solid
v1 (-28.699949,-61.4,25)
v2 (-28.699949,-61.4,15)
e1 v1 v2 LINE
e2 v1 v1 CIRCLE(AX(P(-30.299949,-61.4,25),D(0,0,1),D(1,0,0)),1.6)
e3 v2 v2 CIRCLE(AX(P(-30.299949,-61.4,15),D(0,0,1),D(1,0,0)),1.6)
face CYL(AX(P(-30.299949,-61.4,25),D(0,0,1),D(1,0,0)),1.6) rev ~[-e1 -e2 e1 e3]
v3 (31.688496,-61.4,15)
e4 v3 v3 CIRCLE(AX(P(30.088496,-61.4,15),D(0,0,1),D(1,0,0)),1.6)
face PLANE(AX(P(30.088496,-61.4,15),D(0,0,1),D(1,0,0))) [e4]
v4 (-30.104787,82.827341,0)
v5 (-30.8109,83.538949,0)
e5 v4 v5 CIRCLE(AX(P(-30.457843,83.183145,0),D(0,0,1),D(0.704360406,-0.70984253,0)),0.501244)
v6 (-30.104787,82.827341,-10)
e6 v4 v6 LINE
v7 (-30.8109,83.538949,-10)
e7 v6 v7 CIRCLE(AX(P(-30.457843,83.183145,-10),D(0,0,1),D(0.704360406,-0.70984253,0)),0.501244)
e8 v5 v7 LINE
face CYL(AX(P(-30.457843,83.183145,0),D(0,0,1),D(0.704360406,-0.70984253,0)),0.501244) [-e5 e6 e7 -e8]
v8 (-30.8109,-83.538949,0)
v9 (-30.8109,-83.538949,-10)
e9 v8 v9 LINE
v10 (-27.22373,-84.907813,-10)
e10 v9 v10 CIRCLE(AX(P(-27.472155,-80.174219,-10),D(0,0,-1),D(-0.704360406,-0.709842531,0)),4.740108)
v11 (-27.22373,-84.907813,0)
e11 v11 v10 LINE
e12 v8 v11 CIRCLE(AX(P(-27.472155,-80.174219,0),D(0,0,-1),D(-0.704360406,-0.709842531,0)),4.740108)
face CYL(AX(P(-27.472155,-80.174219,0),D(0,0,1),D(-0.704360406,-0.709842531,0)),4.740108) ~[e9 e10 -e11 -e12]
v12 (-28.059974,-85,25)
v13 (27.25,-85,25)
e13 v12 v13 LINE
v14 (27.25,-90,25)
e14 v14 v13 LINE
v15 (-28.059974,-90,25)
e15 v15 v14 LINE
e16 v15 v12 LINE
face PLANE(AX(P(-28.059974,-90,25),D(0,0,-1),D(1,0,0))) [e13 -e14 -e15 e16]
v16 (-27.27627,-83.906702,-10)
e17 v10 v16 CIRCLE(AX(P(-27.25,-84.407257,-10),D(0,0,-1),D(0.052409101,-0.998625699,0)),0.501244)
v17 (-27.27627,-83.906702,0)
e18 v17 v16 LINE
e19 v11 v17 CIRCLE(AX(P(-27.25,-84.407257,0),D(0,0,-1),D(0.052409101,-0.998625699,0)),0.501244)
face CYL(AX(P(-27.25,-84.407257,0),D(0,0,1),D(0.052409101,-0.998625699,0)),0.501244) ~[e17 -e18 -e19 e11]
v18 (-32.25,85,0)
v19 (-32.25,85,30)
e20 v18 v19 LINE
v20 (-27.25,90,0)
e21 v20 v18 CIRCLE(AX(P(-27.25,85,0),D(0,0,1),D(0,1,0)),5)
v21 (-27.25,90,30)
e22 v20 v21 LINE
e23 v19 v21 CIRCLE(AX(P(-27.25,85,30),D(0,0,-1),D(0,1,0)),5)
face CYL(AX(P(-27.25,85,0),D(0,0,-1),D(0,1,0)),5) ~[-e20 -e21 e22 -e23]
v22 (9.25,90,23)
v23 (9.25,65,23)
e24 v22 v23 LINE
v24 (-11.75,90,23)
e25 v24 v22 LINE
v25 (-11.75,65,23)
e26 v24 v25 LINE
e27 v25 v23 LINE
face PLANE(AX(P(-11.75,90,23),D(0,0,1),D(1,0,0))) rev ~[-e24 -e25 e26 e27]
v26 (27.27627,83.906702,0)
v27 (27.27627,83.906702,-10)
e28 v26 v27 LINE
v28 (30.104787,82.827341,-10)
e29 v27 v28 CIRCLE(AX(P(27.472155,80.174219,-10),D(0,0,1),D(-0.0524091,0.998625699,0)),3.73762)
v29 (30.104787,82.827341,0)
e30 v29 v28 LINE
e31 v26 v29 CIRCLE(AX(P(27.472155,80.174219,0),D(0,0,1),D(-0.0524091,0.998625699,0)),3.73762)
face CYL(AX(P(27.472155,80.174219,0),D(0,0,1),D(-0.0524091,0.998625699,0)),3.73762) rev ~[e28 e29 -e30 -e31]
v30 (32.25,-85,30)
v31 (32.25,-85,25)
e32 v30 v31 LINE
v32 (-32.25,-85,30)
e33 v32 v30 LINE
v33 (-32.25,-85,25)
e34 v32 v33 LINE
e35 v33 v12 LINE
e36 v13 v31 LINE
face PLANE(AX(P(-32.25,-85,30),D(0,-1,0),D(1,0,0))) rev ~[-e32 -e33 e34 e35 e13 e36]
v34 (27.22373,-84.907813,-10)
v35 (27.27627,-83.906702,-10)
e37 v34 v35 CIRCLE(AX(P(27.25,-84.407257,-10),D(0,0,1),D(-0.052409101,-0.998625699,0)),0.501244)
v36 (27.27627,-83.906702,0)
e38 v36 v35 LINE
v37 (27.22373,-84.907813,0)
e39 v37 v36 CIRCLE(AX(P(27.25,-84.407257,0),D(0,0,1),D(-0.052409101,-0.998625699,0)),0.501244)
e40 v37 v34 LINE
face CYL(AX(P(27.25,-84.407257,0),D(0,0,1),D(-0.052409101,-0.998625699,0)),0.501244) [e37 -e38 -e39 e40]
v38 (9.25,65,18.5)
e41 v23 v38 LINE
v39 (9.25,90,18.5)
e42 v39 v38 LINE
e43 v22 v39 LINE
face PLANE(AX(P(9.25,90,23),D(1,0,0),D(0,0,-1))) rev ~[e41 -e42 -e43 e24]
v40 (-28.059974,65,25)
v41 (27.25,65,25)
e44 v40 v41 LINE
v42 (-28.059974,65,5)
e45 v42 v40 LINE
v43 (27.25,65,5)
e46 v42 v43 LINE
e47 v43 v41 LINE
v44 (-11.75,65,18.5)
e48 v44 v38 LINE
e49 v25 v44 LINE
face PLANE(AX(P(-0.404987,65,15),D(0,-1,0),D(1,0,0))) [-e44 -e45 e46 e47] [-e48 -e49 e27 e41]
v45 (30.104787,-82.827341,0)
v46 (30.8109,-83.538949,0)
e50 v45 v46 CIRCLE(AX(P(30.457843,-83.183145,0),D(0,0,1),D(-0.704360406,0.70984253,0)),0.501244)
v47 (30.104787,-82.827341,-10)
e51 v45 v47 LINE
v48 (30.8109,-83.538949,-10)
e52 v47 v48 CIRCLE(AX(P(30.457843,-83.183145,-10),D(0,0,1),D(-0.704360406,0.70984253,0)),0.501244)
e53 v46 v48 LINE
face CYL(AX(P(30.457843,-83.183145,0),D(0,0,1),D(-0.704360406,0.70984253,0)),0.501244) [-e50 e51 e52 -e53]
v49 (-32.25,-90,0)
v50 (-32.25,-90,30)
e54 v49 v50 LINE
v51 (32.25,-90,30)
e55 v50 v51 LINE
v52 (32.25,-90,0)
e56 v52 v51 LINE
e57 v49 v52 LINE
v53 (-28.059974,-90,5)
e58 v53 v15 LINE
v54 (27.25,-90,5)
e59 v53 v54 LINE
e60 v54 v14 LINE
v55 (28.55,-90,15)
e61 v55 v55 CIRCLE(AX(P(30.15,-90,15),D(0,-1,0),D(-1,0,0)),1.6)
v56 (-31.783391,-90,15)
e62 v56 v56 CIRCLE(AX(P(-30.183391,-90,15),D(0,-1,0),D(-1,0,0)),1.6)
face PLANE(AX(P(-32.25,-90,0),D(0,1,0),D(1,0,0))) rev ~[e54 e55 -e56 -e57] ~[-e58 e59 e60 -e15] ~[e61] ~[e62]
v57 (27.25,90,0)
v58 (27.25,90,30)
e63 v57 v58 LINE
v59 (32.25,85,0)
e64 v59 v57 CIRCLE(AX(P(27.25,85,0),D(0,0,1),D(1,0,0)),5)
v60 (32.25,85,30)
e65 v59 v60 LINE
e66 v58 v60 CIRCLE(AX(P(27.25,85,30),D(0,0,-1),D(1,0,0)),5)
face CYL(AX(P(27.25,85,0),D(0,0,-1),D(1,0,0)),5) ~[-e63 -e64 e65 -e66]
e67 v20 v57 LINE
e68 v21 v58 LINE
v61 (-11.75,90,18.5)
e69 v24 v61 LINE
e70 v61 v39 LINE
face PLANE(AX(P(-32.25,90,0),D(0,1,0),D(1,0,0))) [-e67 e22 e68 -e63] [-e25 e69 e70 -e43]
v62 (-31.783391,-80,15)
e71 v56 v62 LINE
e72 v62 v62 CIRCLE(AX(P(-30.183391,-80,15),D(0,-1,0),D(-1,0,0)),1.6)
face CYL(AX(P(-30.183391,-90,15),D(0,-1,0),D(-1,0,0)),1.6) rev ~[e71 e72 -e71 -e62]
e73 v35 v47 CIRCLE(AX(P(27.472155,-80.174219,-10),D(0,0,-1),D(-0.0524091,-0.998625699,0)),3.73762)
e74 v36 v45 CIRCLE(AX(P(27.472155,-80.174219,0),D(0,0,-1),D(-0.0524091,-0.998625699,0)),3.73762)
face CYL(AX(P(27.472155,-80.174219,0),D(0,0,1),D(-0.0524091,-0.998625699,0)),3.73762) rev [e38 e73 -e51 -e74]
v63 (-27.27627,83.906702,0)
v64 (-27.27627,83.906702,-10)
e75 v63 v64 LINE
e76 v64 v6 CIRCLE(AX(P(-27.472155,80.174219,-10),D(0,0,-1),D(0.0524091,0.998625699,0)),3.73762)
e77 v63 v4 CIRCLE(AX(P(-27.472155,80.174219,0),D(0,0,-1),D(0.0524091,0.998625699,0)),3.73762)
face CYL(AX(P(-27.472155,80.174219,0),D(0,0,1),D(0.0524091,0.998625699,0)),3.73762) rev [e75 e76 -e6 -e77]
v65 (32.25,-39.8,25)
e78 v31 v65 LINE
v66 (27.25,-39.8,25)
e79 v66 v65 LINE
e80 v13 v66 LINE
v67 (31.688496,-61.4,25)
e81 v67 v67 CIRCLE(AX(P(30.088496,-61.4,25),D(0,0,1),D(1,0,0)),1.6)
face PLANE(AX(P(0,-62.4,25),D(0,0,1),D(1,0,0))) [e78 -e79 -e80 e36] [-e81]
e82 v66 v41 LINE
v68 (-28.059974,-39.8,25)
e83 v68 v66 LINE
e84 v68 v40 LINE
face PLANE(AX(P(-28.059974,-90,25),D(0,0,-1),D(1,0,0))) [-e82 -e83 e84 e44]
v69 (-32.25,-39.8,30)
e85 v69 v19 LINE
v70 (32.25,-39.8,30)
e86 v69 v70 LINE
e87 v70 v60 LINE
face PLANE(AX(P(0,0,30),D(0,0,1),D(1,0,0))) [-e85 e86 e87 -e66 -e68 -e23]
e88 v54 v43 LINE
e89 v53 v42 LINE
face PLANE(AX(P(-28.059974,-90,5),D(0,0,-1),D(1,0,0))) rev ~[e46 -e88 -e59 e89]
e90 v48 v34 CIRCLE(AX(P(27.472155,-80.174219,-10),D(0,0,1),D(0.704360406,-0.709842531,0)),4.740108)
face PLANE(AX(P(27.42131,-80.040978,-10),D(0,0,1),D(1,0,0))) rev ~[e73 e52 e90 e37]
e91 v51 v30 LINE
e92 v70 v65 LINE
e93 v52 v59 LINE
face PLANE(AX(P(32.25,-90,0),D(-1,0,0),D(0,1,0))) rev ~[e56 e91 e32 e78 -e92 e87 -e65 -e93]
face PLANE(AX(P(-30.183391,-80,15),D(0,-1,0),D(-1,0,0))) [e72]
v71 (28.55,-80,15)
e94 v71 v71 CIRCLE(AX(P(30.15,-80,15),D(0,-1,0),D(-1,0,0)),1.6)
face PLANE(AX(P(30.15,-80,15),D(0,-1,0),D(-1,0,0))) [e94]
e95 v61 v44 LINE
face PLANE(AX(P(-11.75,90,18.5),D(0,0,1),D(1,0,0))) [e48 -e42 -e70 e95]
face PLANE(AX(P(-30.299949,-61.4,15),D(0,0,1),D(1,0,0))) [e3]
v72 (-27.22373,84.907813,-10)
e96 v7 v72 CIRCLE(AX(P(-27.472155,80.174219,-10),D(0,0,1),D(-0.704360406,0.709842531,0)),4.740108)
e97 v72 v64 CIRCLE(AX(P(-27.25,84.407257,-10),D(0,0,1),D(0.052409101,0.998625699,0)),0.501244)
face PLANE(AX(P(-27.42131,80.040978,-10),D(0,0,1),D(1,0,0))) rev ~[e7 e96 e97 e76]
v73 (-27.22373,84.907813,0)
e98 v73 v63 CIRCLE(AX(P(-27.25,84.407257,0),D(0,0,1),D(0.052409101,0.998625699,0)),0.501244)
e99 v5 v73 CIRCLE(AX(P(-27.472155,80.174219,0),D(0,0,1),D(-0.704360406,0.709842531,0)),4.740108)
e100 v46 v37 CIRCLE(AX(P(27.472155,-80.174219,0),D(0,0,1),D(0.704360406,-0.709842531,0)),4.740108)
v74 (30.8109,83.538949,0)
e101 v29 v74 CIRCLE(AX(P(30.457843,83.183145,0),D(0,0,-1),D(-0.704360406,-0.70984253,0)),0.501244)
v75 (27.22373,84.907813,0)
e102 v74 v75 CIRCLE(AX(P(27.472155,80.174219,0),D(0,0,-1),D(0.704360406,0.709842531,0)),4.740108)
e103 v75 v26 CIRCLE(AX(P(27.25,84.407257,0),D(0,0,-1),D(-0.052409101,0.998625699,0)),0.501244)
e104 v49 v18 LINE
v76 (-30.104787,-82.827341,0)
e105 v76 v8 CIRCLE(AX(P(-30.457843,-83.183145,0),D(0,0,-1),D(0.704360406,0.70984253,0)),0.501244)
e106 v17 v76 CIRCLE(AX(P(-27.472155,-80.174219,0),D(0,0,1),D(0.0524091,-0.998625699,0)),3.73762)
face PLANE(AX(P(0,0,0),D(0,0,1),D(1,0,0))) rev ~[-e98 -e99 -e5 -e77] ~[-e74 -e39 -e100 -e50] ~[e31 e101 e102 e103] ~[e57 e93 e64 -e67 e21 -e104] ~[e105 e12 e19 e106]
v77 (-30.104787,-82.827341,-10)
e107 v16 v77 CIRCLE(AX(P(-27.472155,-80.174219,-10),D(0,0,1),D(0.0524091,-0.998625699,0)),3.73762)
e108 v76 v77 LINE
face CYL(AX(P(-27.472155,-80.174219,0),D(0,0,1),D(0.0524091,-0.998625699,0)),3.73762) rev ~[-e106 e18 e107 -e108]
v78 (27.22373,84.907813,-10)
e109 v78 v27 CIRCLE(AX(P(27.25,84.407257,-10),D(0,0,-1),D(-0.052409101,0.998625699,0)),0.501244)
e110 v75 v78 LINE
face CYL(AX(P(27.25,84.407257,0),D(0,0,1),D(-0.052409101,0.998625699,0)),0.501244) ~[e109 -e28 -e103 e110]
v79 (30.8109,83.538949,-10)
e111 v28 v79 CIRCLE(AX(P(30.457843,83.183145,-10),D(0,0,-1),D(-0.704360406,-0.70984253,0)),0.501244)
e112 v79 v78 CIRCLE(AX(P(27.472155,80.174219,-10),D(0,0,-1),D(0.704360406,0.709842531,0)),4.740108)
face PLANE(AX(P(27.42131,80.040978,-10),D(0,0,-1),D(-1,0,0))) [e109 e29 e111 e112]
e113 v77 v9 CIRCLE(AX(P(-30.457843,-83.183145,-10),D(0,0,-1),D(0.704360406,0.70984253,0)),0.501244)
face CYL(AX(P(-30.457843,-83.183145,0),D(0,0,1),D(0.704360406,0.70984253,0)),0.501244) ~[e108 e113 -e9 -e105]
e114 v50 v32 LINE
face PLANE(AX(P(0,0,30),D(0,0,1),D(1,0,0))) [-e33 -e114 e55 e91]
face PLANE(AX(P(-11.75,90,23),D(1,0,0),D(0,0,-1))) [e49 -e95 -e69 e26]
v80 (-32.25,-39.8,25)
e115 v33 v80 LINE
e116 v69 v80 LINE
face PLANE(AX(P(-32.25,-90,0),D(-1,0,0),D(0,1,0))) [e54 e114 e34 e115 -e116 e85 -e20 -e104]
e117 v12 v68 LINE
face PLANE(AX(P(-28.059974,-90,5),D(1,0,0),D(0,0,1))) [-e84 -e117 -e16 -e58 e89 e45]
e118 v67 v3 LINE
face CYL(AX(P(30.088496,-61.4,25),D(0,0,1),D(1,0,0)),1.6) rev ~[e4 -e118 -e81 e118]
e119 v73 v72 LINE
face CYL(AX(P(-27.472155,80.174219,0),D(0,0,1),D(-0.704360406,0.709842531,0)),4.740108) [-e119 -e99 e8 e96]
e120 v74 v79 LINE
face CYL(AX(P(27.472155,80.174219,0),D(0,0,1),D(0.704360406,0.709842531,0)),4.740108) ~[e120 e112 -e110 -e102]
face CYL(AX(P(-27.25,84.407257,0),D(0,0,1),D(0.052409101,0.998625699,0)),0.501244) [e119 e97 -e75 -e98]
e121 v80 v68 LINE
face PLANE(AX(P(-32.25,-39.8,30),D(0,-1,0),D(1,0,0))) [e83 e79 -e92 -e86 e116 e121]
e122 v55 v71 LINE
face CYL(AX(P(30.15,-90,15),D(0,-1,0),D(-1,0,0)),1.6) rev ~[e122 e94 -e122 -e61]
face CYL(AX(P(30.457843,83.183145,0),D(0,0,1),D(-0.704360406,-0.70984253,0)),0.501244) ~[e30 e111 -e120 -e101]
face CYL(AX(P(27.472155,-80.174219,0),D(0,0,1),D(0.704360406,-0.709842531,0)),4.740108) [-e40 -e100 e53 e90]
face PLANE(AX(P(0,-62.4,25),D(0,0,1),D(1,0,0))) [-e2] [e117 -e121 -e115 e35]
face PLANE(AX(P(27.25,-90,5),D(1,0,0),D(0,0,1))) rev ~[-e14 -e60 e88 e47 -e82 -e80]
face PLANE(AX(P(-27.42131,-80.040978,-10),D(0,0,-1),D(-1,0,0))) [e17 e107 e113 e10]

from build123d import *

# Parameters (mm, degrees)
CROQUIS1_W              = 64.5
CROQUIS1_H              = 180
SALIENTE_EXTRUIR1_DEPTH = 30
CROQUIS2_W              = 55.309973817
CROQUIS2_H              = 20
CORTAR_EXTRUIR1_DEPTH   = 155
CORTAR_EXTRUIR2_DEPTH   = 155
CORTAR_EXTRUIR4_DEPTH   = 155
CROQUIS12_R             = 1.6
CORTAR_EXTRUIR8_DEPTH   = 10
SALIENTE_EXTRUIR2_DEPTH = 10
CROQUIS9_W              = 64.5
CROQUIS9_H              = 45.2
CORTAR_EXTRUIR10_DEPTH  = 5
CROQUIS15_R             = 1.6
CORTAR_EXTRUIR11_DEPTH  = 10
CORTAR_EXTRUIR12_REACH  = 187.311
CROQUIS18_W             = 21
CROQUIS18_H             = 4.5


with BuildPart() as part:
    # Croquis1 → Saliente-Extruir1 (new body)
    with BuildSketch(Plane.XY):
        Rectangle(CROQUIS1_W, CROQUIS1_H)
    extrude(amount=SALIENTE_EXTRUIR1_DEPTH)

    # Croquis2 → Cortar-Extruir1 (cut)
    with BuildSketch(Plane.XZ.offset(90)):
        with Locations((-0.404986909, 15)):
            Rectangle(CROQUIS2_W, CROQUIS2_H)
    extrude(amount=-CORTAR_EXTRUIR1_DEPTH, mode=Mode.SUBTRACT)

    # Croquis3 → Cortar-Extruir2 (cut)
    with BuildSketch(Plane(origin=(0, 0, 0), x_dir=(-1, 0, 0), z_dir=(0, 0, -1))):
        with BuildLine():
            Line((-27.25, 90), (-32.25, 90))
            Line((-32.25, 90), (-32.25, 85))
            ThreePointArc((-32.25, 85), (-30.785533906, 88.535533906), (-27.25, 90))
        make_face()
    extrude(amount=-CORTAR_EXTRUIR2_DEPTH, mode=Mode.SUBTRACT)

    # Croquis3<4> → Cortar-Extruir4 (cut)
    with BuildSketch(Plane(origin=(0, 0, 0), x_dir=(-1, 0, 0), z_dir=(0, 0, -1))):
        with BuildLine():
            Line((32.25, 90), (27.25, 90))
            ThreePointArc((27.25, 90), (30.785533906, 88.535533906), (32.25, 85))
            Line((32.25, 85), (32.25, 90))
        make_face()
    extrude(amount=-CORTAR_EXTRUIR4_DEPTH, mode=Mode.SUBTRACT)

    # Croquis12 → Cortar-Extruir8 (cut)
    with BuildSketch(Plane(origin=(0, -90, 0), x_dir=(-1, 0, 0), z_dir=(0, -1, 0))):
        with Locations((30.183391147, -15)):
            Circle(CROQUIS12_R)
        with Locations((-30.15, -15)):
            Circle(CROQUIS12_R)
    extrude(amount=-CORTAR_EXTRUIR8_DEPTH, mode=Mode.SUBTRACT)

    # Croquis14 → Saliente-Extruir2 (add)
    with BuildSketch(Plane(origin=(0, 0, 0), x_dir=(-1, 0, 0), z_dir=(0, 0, -1))):
        with BuildLine():
            ThreePointArc((-30.810899687, 83.538949092), (-25.782194726, 75.745600208), (-27.223730255, 84.90781259))
            ThreePointArc((-27.223730255, 84.90781259), (-27.750555098, 84.433527237), (-27.276269745, 83.906702394))
            ThreePointArc((-27.276269745, 83.906702394), (-26.139605296, 76.682210963), (-30.104786891, 82.827340533))
            ThreePointArc((-30.104786891, 82.827340533), (-30.102039009, 83.53620121), (-30.810899687, 83.538949092))
        make_face()
        with BuildLine():
            ThreePointArc((30.810899687, 83.538949092), (25.782194726, 75.745600208), (27.223730255, 84.90781259))
            ThreePointArc((27.223730255, 84.90781259), (27.750555098, 84.433527237), (27.276269745, 83.906702394))
            ThreePointArc((27.276269745, 83.906702394), (26.139605296, 76.682210963), (30.104786891, 82.827340533))
            ThreePointArc((30.104786891, 82.827340533), (30.102039009, 83.53620121), (30.810899687, 83.538949092))
        make_face()
        with BuildLine():
            ThreePointArc((30.810899687, -83.538949092), (25.782194726, -75.745600208), (27.223730255, -84.90781259))
            ThreePointArc((27.223730255, -84.90781259), (27.750555098, -84.433527237), (27.276269745, -83.906702394))
            ThreePointArc((27.276269745, -83.906702394), (26.139605296, -76.682210963), (30.104786891, -82.827340533))
            ThreePointArc((30.104786891, -82.827340533), (30.102039009, -83.53620121), (30.810899687, -83.538949092))
        make_face()
        with BuildLine():
            ThreePointArc((-30.810899687, -83.538949092), (-25.782194726, -75.745600208), (-27.223730255, -84.90781259))
            ThreePointArc((-27.223730255, -84.90781259), (-27.750555098, -84.433527237), (-27.276269745, -83.906702394))
            ThreePointArc((-27.276269745, -83.906702394), (-26.139605296, -76.682210963), (-30.104786891, -82.827340533))
            ThreePointArc((-30.104786891, -82.827340533), (-30.102039009, -83.53620121), (-30.810899687, -83.538949092))
        make_face()
    extrude(amount=SALIENTE_EXTRUIR2_DEPTH)

    # Croquis9 → Cortar-Extruir10 (cut)
    with BuildSketch(Plane.XY.offset(30)):
        with Locations((0, -62.4)):
            Rectangle(CROQUIS9_W, CROQUIS9_H)
    extrude(amount=-CORTAR_EXTRUIR10_DEPTH, mode=Mode.SUBTRACT)

    # Croquis15 → Cortar-Extruir11 (cut)
    with BuildSketch(Plane.XY.offset(25)):
        with Locations((30.088495575, -61.4)):
            Circle(CROQUIS15_R)
        with Locations((-30.299948917, -61.4)):
            Circle(CROQUIS15_R)
    extrude(amount=-CORTAR_EXTRUIR11_DEPTH, mode=Mode.SUBTRACT)

    # Croquis18 → Cortar-Extruir12 (cut, up to next)
    with BuildSketch(Plane(origin=(0, 90, 0), x_dir=(1, 0, 0), z_dir=(0, 1, 0)), mode=Mode.PRIVATE) as cortar_extruir12_sk1:
        with Locations((-1.25, -20.75)):
            Rectangle(CROQUIS18_W, CROQUIS18_H)
    cortar_extruir12_tool1 = extrude(cortar_extruir12_sk1.sketch, amount=-CORTAR_EXTRUIR12_REACH, mode=Mode.PRIVATE) & part.part
    add(cortar_extruir12_tool1.solids().sort_by_distance((-1.25, 90, 20.75))[0], mode=Mode.SUBTRACT)


solid = part.part
